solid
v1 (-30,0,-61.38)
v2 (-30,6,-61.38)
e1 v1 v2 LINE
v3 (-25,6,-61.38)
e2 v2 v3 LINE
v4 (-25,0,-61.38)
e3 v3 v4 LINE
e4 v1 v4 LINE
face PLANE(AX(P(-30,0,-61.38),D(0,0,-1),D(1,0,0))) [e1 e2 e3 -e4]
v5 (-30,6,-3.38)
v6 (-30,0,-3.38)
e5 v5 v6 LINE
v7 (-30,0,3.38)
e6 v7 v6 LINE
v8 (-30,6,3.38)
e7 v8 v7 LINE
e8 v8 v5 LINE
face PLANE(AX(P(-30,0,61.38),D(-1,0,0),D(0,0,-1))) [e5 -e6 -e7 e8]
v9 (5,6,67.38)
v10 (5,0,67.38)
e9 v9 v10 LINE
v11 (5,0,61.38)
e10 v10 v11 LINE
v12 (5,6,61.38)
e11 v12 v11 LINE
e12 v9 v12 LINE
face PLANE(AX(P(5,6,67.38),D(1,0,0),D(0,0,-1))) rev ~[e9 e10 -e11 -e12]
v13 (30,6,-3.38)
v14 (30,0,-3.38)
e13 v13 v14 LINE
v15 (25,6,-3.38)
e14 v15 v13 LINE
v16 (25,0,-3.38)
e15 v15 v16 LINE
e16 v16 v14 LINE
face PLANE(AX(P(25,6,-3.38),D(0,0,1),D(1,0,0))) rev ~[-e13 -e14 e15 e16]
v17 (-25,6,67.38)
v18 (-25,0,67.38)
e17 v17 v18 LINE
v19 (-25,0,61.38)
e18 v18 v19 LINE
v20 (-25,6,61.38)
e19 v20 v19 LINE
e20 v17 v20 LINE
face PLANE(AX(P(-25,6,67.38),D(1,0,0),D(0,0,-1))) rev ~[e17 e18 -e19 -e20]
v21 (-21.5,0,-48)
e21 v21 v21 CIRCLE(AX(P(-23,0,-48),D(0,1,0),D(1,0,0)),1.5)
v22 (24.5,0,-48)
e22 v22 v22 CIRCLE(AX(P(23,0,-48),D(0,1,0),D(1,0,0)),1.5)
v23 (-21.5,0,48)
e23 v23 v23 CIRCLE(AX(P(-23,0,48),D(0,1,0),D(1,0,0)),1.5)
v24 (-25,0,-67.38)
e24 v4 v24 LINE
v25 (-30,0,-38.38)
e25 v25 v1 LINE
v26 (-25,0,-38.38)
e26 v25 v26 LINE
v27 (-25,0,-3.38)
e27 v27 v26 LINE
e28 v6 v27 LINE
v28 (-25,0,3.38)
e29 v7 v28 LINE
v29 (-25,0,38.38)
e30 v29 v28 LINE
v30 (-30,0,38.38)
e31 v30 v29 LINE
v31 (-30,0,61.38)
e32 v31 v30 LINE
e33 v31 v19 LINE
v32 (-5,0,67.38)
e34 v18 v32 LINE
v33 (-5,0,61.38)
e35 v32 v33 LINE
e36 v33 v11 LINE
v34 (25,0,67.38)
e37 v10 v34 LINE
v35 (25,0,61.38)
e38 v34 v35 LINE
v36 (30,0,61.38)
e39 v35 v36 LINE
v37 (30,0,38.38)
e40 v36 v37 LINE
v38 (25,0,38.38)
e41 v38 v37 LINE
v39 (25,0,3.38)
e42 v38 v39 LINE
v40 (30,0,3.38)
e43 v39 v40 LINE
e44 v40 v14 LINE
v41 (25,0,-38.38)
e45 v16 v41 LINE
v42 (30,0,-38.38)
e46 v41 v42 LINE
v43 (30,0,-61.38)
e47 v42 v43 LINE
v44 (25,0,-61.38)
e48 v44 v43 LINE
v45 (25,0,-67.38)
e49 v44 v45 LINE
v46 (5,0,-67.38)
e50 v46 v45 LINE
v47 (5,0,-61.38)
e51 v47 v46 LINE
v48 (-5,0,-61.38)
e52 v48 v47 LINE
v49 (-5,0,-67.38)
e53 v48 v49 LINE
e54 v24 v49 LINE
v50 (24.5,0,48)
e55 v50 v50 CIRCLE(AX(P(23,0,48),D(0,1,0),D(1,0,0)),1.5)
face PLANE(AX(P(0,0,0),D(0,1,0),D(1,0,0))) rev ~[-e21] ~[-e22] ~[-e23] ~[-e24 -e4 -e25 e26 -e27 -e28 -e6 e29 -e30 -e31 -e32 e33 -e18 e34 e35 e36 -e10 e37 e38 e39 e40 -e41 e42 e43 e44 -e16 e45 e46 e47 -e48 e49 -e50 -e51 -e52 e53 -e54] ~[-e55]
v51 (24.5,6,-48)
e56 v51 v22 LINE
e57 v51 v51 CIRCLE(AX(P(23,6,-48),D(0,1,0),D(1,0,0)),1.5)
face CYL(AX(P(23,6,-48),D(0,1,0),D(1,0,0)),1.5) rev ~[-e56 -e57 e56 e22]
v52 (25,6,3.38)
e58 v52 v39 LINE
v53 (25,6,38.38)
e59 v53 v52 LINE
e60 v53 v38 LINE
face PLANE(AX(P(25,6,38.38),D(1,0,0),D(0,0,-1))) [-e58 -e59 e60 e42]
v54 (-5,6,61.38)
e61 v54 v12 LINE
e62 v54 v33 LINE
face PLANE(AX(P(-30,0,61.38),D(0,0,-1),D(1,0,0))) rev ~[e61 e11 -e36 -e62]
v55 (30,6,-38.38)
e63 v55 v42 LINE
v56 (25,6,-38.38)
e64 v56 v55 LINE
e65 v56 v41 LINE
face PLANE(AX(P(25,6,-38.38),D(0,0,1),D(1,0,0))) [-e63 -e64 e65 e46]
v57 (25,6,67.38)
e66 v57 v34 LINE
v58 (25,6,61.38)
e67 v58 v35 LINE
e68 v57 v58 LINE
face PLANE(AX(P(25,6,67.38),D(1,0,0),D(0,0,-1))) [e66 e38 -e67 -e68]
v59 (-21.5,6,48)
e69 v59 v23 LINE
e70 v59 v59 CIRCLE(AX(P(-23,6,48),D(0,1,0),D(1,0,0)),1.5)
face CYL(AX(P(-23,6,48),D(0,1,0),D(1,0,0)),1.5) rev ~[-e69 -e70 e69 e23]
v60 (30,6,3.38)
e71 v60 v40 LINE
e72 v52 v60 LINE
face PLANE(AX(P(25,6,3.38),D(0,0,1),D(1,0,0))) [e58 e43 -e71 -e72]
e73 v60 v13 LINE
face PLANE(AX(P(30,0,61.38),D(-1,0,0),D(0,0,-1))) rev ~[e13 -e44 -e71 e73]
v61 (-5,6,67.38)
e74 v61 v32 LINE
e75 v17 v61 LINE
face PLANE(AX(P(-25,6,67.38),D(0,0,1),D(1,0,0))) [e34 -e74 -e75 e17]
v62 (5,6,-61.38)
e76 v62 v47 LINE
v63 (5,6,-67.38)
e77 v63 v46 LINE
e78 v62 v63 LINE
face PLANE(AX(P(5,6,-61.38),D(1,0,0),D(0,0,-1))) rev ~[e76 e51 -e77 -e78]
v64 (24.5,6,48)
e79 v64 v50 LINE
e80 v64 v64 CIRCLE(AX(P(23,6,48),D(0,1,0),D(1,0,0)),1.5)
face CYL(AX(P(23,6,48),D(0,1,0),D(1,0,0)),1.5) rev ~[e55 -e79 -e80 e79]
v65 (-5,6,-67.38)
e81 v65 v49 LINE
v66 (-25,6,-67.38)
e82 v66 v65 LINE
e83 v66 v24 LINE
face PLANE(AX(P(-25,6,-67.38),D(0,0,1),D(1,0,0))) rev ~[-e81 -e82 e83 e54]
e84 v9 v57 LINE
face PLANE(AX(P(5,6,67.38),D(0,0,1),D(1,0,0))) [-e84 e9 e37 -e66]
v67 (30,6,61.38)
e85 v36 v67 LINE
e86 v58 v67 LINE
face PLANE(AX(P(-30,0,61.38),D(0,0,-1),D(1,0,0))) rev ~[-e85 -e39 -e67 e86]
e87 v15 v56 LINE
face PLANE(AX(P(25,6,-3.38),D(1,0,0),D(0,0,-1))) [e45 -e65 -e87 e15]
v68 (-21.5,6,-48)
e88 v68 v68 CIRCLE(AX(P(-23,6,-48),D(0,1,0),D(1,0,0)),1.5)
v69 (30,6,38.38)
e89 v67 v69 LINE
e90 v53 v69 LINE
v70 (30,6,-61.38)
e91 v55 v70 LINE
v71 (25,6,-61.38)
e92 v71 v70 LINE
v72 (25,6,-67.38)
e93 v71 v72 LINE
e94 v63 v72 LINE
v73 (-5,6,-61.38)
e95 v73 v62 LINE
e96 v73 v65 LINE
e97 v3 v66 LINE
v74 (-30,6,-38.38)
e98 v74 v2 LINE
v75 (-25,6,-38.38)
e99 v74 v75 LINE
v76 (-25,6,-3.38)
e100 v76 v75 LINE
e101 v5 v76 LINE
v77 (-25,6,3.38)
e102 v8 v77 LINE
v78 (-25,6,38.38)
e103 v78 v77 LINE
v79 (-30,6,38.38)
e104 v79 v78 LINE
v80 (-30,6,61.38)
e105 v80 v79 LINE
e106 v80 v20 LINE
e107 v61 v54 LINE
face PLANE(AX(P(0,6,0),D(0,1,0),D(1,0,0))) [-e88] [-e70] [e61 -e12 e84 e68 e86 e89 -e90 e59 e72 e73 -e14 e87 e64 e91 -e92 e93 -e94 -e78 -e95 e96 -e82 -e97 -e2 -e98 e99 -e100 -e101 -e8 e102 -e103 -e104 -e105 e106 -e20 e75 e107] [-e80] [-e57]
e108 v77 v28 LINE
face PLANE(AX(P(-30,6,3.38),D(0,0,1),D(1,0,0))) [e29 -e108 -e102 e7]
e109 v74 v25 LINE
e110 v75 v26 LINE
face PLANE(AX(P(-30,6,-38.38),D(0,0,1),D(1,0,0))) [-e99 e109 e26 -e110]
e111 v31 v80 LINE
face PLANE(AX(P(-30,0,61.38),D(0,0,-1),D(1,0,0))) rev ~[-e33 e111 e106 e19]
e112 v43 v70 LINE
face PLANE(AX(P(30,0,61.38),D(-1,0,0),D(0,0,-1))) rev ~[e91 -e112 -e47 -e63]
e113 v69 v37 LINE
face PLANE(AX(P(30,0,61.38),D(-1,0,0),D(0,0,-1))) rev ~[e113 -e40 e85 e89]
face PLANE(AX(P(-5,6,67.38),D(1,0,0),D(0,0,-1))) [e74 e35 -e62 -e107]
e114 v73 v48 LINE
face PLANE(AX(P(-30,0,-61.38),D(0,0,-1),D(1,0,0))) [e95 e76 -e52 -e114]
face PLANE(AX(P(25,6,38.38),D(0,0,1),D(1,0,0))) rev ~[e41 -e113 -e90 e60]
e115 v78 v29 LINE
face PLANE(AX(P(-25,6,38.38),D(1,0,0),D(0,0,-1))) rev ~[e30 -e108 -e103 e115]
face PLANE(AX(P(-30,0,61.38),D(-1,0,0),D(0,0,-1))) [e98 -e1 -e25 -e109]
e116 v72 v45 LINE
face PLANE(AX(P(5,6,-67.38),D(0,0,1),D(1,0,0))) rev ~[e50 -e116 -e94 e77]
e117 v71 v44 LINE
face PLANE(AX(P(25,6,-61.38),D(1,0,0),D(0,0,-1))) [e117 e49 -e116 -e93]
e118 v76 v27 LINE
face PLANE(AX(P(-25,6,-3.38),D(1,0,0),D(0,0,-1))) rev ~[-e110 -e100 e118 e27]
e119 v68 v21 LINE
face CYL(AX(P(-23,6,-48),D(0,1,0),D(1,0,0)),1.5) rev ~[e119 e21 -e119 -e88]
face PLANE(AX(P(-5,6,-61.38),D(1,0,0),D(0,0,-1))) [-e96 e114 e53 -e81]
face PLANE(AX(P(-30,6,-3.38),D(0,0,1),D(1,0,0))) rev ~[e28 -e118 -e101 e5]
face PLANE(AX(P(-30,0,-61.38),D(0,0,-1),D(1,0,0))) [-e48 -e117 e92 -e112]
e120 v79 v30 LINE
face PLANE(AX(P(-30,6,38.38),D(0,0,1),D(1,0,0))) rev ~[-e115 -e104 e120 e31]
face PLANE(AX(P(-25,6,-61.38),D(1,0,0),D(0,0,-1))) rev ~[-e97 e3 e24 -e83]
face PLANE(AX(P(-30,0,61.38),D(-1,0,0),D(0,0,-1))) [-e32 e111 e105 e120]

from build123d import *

# Parameters (mm, degrees)
ESQUISSE1_W             = 60
ESQUISSE1_H             = 122.76
BOSS_EXTRU_1_DEPTH      = 6
ESQUISSE2_W             = 20
ESQUISSE2_H             = 6
BOSS_EXTRU_2_DEPTH      = 6
ESQUISSE3_R             = 1.5
ENL_V_MAT_EXTRU_1_DEPTH = 6
ESQUISSE4_W             = 5
ESQUISSE4_H             = 35
ENL_V_MAT_EXTRU_2_DEPTH = 6


with BuildPart() as part:
    # Esquisse1 → Boss.-Extru.1 (new body)
    with BuildSketch(Plane(origin=(0, 0, 0), x_dir=(1, 0, 0), z_dir=(0, 1, 0))):
        Rectangle(ESQUISSE1_W, ESQUISSE1_H)
    extrude(amount=BOSS_EXTRU_1_DEPTH)

    # Esquisse2 → Boss.-Extru.2 (add)
    with BuildSketch(Plane(origin=(0, 6, 0), x_dir=(1, 0, 0), z_dir=(0, 1, 0))):
        with Locations((-15, 64.38)):
            Rectangle(ESQUISSE2_W, ESQUISSE2_H)
        with Locations((15, 64.38)):
            Rectangle(ESQUISSE2_W, ESQUISSE2_H)
        with Locations((15, -64.38)):
            Rectangle(ESQUISSE2_W, ESQUISSE2_H)
        with Locations((-15, -64.38)):
            Rectangle(ESQUISSE2_W, ESQUISSE2_H)
    extrude(amount=-BOSS_EXTRU_2_DEPTH)

    # Esquisse3 → Enlèv. mat.-Extru.1 (cut)
    with BuildSketch(Plane(origin=(0, 6, 0), x_dir=(1, 0, 0), z_dir=(0, 1, 0))):
        with Locations((23, 48)):
            Circle(ESQUISSE3_R)
        with Locations((-23, 48)):
            Circle(ESQUISSE3_R)
        with Locations((-23, -48)):
            Circle(ESQUISSE3_R)
        with Locations((23, -48)):
            Circle(ESQUISSE3_R)
    extrude(amount=-ENL_V_MAT_EXTRU_1_DEPTH, mode=Mode.SUBTRACT)

    # Esquisse4 → Enlèv. mat.-Extru.2 (cut)
    with BuildSketch(Plane(origin=(0, 6, 0), x_dir=(1, 0, 0), z_dir=(0, 1, 0))):
        with Locations((-27.5, -20.88)):
            Rectangle(ESQUISSE4_W, ESQUISSE4_H)
        with Locations((27.5, -20.88)):
            Rectangle(ESQUISSE4_W, ESQUISSE4_H)
        with Locations((-27.5, 20.88)):
            Rectangle(ESQUISSE4_W, ESQUISSE4_H)
        with Locations((27.5, 20.88)):
            Rectangle(ESQUISSE4_W, ESQUISSE4_H)
    extrude(amount=-ENL_V_MAT_EXTRU_2_DEPTH, mode=Mode.SUBTRACT)


solid = part.part
